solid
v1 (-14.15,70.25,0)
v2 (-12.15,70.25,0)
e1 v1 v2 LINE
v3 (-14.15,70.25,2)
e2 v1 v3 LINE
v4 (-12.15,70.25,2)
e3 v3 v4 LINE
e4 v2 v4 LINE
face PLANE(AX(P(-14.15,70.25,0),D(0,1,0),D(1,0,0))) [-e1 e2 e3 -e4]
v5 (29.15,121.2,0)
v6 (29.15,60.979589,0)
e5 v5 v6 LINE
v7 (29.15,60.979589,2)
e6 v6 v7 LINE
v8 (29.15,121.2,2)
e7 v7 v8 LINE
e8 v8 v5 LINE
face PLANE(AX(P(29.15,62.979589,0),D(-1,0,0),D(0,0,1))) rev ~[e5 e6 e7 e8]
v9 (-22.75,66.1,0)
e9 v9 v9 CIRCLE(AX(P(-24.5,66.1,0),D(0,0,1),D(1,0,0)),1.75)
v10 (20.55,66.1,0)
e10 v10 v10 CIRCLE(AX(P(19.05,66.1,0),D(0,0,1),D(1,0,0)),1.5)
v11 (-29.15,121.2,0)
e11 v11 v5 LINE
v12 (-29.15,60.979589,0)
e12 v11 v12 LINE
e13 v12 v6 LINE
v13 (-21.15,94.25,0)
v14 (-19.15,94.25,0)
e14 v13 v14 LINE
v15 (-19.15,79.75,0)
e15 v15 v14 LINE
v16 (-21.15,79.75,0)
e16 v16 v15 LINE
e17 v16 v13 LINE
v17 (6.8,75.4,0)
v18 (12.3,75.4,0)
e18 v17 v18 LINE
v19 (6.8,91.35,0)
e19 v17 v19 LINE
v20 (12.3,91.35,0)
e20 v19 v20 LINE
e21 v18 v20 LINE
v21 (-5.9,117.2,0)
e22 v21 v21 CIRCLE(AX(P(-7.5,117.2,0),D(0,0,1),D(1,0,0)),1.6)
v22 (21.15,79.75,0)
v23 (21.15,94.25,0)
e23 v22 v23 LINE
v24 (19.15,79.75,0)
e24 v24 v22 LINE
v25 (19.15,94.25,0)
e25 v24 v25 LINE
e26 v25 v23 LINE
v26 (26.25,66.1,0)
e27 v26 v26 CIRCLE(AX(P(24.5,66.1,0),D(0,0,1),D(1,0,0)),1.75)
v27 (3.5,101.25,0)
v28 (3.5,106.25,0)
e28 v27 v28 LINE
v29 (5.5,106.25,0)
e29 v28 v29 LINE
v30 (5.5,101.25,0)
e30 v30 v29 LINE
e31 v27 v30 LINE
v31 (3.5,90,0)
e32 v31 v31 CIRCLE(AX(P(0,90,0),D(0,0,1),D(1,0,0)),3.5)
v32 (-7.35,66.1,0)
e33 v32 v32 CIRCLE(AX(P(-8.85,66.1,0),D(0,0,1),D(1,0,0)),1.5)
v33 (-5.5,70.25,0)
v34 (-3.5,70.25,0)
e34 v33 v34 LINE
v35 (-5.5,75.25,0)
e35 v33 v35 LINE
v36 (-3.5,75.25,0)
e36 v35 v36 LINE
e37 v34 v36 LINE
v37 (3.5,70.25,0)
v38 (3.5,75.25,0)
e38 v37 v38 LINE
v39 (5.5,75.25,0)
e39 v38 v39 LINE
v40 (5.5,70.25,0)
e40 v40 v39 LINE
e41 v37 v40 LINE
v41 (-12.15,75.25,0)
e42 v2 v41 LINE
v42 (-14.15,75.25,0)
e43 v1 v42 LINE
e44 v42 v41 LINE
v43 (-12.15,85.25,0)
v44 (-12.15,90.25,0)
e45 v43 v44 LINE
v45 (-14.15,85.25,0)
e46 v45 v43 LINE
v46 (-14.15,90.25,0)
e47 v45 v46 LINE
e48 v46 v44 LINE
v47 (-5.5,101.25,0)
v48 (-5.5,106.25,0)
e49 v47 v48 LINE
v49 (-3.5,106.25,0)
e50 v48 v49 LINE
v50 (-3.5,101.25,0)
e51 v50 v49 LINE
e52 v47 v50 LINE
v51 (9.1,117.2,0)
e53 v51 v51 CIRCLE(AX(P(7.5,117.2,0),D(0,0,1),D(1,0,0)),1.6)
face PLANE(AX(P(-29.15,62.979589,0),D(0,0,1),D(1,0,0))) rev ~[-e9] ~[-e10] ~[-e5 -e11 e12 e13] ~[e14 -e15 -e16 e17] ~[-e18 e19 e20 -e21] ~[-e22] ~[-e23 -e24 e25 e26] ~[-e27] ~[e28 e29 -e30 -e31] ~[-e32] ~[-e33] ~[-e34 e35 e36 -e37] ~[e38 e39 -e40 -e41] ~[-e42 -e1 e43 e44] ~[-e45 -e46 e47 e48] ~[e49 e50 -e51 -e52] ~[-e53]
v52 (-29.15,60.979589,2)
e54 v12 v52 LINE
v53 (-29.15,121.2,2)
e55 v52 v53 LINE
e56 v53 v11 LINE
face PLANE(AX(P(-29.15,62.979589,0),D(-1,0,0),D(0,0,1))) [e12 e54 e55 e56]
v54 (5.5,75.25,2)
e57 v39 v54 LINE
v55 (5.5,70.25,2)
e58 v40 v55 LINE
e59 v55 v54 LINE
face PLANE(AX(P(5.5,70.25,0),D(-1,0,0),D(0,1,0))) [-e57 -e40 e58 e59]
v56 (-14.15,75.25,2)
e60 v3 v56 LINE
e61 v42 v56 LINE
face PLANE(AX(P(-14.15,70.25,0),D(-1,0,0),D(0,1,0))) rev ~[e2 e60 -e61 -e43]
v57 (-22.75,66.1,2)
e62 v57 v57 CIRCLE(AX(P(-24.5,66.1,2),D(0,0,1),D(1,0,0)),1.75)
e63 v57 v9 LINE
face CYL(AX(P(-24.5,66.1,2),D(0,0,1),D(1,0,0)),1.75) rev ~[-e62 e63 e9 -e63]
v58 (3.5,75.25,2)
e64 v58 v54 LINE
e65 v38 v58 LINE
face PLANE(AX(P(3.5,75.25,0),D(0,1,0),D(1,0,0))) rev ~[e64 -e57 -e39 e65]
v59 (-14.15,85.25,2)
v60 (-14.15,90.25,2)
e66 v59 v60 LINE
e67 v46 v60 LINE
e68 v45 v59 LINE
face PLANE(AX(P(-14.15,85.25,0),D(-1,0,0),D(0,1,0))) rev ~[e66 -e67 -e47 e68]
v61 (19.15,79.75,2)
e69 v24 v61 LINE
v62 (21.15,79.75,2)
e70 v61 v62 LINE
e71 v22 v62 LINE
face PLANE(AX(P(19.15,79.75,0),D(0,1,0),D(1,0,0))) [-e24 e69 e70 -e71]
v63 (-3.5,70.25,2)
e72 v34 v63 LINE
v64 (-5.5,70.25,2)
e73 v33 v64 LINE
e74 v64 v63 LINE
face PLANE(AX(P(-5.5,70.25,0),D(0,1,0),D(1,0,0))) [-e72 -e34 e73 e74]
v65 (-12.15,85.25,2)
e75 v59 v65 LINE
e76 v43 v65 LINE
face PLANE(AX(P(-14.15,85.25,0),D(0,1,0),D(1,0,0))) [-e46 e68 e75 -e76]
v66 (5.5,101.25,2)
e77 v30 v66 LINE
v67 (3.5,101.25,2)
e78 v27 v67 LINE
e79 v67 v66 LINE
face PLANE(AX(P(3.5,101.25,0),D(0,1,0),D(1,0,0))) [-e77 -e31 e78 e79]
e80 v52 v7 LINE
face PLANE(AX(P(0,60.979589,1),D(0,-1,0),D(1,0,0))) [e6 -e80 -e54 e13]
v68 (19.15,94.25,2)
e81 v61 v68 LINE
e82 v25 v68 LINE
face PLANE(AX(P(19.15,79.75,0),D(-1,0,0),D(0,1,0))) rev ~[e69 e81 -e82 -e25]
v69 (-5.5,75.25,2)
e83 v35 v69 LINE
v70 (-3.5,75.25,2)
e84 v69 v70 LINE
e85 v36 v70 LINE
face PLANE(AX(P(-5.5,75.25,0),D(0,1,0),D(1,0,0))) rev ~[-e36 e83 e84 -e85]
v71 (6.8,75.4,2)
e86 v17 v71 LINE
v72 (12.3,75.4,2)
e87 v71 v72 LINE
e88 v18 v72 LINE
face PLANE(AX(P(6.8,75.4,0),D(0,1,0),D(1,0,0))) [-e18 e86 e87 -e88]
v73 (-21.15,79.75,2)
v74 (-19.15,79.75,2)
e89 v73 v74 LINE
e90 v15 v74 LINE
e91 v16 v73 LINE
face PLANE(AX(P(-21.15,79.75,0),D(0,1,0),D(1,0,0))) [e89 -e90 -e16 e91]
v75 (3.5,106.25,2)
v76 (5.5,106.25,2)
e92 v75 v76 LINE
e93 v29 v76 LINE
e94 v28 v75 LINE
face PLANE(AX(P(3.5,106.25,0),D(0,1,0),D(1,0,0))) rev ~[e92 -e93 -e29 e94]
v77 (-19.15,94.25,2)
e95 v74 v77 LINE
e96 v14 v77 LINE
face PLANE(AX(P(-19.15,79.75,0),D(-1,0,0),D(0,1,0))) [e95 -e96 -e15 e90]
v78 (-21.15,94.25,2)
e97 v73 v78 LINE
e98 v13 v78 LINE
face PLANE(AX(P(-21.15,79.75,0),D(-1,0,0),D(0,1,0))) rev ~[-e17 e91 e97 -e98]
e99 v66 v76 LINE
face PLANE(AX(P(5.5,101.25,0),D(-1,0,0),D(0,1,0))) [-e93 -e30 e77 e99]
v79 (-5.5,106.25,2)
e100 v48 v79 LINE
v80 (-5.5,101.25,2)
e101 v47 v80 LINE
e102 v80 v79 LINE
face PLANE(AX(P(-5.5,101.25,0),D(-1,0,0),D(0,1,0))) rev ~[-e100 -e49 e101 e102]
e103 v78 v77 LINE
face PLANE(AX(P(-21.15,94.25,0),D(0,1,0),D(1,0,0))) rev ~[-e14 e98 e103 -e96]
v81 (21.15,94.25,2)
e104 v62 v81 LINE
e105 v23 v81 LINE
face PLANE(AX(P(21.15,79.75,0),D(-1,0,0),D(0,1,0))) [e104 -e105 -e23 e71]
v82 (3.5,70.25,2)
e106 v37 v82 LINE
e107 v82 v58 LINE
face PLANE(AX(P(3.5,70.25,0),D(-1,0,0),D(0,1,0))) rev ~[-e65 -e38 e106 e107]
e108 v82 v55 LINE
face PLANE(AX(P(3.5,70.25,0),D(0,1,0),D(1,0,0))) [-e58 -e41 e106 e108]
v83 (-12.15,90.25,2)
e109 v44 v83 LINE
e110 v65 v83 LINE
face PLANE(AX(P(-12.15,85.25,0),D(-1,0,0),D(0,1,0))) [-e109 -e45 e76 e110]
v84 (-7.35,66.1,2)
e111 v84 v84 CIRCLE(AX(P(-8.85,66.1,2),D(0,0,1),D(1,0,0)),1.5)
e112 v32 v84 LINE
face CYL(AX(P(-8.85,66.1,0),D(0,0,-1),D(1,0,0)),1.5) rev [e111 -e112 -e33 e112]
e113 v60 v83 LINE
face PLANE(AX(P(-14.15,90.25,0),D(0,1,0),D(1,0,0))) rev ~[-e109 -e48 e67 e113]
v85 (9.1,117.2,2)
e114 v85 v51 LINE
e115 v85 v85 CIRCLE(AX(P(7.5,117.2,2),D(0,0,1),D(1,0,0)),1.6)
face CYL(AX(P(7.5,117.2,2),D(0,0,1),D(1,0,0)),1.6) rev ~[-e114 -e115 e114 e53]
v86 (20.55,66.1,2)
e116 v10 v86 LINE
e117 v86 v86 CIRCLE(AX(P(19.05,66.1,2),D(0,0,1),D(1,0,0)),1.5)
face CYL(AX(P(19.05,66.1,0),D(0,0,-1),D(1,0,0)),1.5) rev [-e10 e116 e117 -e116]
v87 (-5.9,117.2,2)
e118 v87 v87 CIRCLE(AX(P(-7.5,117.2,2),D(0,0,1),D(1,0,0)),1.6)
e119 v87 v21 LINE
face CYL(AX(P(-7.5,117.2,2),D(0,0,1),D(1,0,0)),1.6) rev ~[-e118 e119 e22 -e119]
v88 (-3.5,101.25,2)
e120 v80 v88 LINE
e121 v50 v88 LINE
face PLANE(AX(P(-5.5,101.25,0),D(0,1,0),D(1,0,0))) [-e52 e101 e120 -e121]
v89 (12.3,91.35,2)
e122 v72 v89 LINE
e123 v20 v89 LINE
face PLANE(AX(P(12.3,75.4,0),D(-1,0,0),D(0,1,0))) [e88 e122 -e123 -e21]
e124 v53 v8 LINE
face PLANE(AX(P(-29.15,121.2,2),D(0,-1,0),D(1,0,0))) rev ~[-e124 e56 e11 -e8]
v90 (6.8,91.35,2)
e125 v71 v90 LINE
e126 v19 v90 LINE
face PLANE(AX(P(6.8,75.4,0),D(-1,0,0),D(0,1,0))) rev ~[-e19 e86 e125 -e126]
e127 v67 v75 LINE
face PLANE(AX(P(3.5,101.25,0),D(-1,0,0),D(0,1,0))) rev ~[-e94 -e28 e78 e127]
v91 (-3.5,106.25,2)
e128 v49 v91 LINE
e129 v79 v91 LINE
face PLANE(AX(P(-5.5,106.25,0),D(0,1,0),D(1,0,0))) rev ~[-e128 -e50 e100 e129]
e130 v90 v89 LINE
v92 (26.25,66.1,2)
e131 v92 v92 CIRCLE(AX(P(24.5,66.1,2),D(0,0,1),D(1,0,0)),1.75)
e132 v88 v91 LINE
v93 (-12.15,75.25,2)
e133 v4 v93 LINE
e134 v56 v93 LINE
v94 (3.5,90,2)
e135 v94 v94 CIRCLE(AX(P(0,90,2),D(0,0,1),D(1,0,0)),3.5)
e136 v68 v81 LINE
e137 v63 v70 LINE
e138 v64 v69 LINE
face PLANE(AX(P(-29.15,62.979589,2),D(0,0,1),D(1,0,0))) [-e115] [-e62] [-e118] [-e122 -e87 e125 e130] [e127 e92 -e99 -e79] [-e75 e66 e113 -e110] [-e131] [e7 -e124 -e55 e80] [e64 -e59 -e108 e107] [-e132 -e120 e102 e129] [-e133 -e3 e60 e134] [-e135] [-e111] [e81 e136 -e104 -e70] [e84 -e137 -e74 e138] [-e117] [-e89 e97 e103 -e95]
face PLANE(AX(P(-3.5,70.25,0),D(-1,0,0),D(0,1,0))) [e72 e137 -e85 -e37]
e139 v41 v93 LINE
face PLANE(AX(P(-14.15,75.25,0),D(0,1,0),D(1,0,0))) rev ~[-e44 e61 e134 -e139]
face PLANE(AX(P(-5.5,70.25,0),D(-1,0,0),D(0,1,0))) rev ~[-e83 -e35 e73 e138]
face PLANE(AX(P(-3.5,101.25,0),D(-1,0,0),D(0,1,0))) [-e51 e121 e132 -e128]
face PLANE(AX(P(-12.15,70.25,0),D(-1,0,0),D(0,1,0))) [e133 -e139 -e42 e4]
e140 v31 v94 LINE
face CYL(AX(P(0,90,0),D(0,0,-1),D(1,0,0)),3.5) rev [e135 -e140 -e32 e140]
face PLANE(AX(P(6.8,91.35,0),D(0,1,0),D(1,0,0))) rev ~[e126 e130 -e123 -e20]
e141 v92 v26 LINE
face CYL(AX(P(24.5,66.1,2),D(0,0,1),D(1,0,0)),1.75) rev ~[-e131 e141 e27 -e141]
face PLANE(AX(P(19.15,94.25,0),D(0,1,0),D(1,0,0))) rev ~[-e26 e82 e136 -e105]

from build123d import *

# Parameters (mm, degrees)
SKETCH1_R           = 3.5
SKETCH1_R_2         = 1.5
SKETCH1_R_3         = 2.5
SKETCH1_W           = 2
SKETCH1_H           = 5
SKETCH1_W_2         = 5.5
SKETCH1_H_2         = 15.95
SKETCH1_H_3         = 14.5
BOSS_EXTRUDE1_DEPTH = 2
SKETCH_5_W          = 53.3
SKETCH_5_H          = 62.979589089
CUT_EXTRUDE_1_DEPTH = 10
SKETCH_6_R          = 1.75
CUT_EXTRUDE_2_DEPTH = 10
SKETCH_7_W          = 2
SKETCH_7_H          = 65.797700214
EXTRUDE_1_DEPTH     = 2.5
SKETCH_8_W          = 2
SKETCH_8_H          = 65.797700214
EXTRUDE_2_DEPTH     = 2.5
SKETCH_9_W          = 58.3
SKETCH_9_H          = 2
EXTRUDE_3_DEPTH     = 2
SKETCH_10_W         = 58.3
SKETCH_10_H         = 5
CUT_EXTRUDE_3_DEPTH = 10
SKETCH_13_W         = 58.3
SKETCH_13_H         = 2.577289
CUT_EXTRUDE_4_DEPTH = 10
SKETCH_14_R         = 1.6
CUT_EXTRUDE_5_DEPTH = 10


with BuildPart() as part:
    # Sketch1 → Boss-Extrude1 (new body)
    with BuildSketch(Plane.XY):
        with BuildLine():
            Line((-25.65, 0), (25.65, 0))
            ThreePointArc((25.65, 0), (26.357106781, 0.292893219), (26.65, 1))
            Line((26.65, 1), (26.65, 123.726079281))
            Line((26.65, 123.726079281), (26.65, 128.777289303))
            Line((26.65, 128.777289303), (-26.65, 128.777289303))
            Line((-26.65, 128.777289303), (-26.65, 99.754415082))
            Line((-26.65, 99.754415082), (-26.65, 1))
            ThreePointArc((-26.65, 1), (-26.357106781, 0.292893219), (-25.65, 0))
        make_face()
        with Locations((0, 90)):
            Circle(SKETCH1_R, mode=Mode.SUBTRACT)
        with Locations((19.05, 66.1)):
            Circle(SKETCH1_R_2, mode=Mode.SUBTRACT)
        with Locations((-8.85, 66.1)):
            Circle(SKETCH1_R_2, mode=Mode.SUBTRACT)
        with Locations((-24.05, 15.3)):
            Circle(SKETCH1_R_2, mode=Mode.SUBTRACT)
        with Locations((24.15, 14)):
            Circle(SKETCH1_R_2, mode=Mode.SUBTRACT)
        with Locations((0, 34.3)):
            Circle(SKETCH1_R_3, mode=Mode.SUBTRACT)
        with Locations((4.5, 103.75)):
            Rectangle(SKETCH1_W, SKETCH1_H, mode=Mode.SUBTRACT)
        with Locations((9.55, 83.375)):
            Rectangle(SKETCH1_W_2, SKETCH1_H_2, mode=Mode.SUBTRACT)
        with Locations((20.15, 87)):
            Rectangle(SKETCH1_W, SKETCH1_H_3, mode=Mode.SUBTRACT)
        with Locations((4.5, 72.75)):
            Rectangle(SKETCH1_W, SKETCH1_H, mode=Mode.SUBTRACT)
        with Locations((-4.5, 72.75)):
            Rectangle(SKETCH1_W, SKETCH1_H, mode=Mode.SUBTRACT)
        with Locations((-20.15, 87)):
            Rectangle(SKETCH1_W, SKETCH1_H_3, mode=Mode.SUBTRACT)
        with Locations((-4.5, 103.75)):
            Rectangle(SKETCH1_W, SKETCH1_H, mode=Mode.SUBTRACT)
        with Locations((-13.15, 72.75)):
            Rectangle(SKETCH1_W, SKETCH1_H, mode=Mode.SUBTRACT)
        with Locations((-13.15, 87.75)):
            Rectangle(SKETCH1_W, SKETCH1_H, mode=Mode.SUBTRACT)
        Polygon((-20, 34.3), (-20, 36.05), (-7, 36.05), (-7, 34.3), (-7, 32.55), (-20, 32.55), align=None, mode=Mode.SUBTRACT)
        Polygon((-5.232050808, 39.362177826), (-15.732050808, 57.548711306), (-12.267949192, 59.548711306), (-1.767949192, 41.362177826), align=None, mode=Mode.SUBTRACT)
        Polygon((1.767949192, 41.362177826), (5.232050808, 39.362177826), (15.732050808, 57.548711306), (12.267949192, 59.548711306), align=None, mode=Mode.SUBTRACT)
        Polygon((7, 34.3), (7, 32.55), (20, 32.55), (20, 34.3), (20, 36.05), (7, 36.05), align=None, mode=Mode.SUBTRACT)
        Polygon((-1.767949192, 27.237822174), (-5.232050808, 29.237822174), (-15.732050808, 11.051288694), (-12.267949192, 9.051288694), align=None, mode=Mode.SUBTRACT)
        Polygon((15.732050808, 11.051288694), (12.267949192, 9.051288694), (1.767949192, 27.237822174), (5.232050808, 29.237822174), align=None, mode=Mode.SUBTRACT)
    extrude(amount=BOSS_EXTRUDE1_DEPTH)

    # 草图5 → 切除-拉伸1 (cut)
    with BuildSketch(Plane(origin=(0, 0, 0), x_dir=(-1, 0, 0), z_dir=(0, 0, -1))):
        with Locations((0, 31.489794545)):
            Rectangle(SKETCH_5_W, SKETCH_5_H)
    extrude(amount=-CUT_EXTRUDE_1_DEPTH, mode=Mode.SUBTRACT)

    # 草图6 → 切除-拉伸2 (cut)
    with BuildSketch(Plane.XY.offset(2)):
        with Locations((-24.5, 66.1)):
            Circle(SKETCH_6_R)
        with Locations((24.5, 66.1)):
            Circle(SKETCH_6_R)
    extrude(amount=-CUT_EXTRUDE_2_DEPTH, mode=Mode.SUBTRACT)

    # 草图7 → 凸台-拉伸1 (add)
    with BuildSketch(Plane(origin=(26.65, 0, 0), x_dir=(0, 0, -1), z_dir=(1, 0, 0))):
        with Locations((-1, 95.878439196)):
            Rectangle(SKETCH_7_W, SKETCH_7_H)
    extrude(amount=EXTRUDE_1_DEPTH)

    # 草图8 → 凸台-拉伸2 (add)
    with BuildSketch(Plane.ZY.offset(26.65)):
        with Locations((1, 95.878439196)):
            Rectangle(SKETCH_8_W, SKETCH_8_H)
    extrude(amount=EXTRUDE_2_DEPTH)

    # 草图9 → 凸台-拉伸3 (add)
    with BuildSketch(Plane.XZ.offset(-62.979589089)):
        with Locations((0, 1)):
            Rectangle(SKETCH_9_W, SKETCH_9_H)
    extrude(amount=EXTRUDE_3_DEPTH)

    # 草图10 → 切除-拉伸3 (cut)
    with BuildSketch(Plane.XY.offset(2)):
        with Locations((0, 126.277289303)):
            Rectangle(SKETCH_10_W, SKETCH_10_H)
    extrude(amount=-CUT_EXTRUDE_3_DEPTH, mode=Mode.SUBTRACT)

    # 草图13 → 切除-拉伸4 (cut)
    with BuildSketch(Plane.XY.offset(2)):
        with Locations((0, 122.488644803)):
            Rectangle(SKETCH_13_W, SKETCH_13_H)
    extrude(amount=-CUT_EXTRUDE_4_DEPTH, mode=Mode.SUBTRACT)

    # 草图14 → 切除-拉伸5 (cut)
    with BuildSketch(Plane.XY.offset(2)):
        with Locations((-7.5, 117.200000303)):
            Circle(SKETCH_14_R)
        with Locations((7.5, 117.200000303)):
            Circle(SKETCH_14_R)
    extrude(amount=-CUT_EXTRUDE_5_DEPTH, mode=Mode.SUBTRACT)


solid = part.part
